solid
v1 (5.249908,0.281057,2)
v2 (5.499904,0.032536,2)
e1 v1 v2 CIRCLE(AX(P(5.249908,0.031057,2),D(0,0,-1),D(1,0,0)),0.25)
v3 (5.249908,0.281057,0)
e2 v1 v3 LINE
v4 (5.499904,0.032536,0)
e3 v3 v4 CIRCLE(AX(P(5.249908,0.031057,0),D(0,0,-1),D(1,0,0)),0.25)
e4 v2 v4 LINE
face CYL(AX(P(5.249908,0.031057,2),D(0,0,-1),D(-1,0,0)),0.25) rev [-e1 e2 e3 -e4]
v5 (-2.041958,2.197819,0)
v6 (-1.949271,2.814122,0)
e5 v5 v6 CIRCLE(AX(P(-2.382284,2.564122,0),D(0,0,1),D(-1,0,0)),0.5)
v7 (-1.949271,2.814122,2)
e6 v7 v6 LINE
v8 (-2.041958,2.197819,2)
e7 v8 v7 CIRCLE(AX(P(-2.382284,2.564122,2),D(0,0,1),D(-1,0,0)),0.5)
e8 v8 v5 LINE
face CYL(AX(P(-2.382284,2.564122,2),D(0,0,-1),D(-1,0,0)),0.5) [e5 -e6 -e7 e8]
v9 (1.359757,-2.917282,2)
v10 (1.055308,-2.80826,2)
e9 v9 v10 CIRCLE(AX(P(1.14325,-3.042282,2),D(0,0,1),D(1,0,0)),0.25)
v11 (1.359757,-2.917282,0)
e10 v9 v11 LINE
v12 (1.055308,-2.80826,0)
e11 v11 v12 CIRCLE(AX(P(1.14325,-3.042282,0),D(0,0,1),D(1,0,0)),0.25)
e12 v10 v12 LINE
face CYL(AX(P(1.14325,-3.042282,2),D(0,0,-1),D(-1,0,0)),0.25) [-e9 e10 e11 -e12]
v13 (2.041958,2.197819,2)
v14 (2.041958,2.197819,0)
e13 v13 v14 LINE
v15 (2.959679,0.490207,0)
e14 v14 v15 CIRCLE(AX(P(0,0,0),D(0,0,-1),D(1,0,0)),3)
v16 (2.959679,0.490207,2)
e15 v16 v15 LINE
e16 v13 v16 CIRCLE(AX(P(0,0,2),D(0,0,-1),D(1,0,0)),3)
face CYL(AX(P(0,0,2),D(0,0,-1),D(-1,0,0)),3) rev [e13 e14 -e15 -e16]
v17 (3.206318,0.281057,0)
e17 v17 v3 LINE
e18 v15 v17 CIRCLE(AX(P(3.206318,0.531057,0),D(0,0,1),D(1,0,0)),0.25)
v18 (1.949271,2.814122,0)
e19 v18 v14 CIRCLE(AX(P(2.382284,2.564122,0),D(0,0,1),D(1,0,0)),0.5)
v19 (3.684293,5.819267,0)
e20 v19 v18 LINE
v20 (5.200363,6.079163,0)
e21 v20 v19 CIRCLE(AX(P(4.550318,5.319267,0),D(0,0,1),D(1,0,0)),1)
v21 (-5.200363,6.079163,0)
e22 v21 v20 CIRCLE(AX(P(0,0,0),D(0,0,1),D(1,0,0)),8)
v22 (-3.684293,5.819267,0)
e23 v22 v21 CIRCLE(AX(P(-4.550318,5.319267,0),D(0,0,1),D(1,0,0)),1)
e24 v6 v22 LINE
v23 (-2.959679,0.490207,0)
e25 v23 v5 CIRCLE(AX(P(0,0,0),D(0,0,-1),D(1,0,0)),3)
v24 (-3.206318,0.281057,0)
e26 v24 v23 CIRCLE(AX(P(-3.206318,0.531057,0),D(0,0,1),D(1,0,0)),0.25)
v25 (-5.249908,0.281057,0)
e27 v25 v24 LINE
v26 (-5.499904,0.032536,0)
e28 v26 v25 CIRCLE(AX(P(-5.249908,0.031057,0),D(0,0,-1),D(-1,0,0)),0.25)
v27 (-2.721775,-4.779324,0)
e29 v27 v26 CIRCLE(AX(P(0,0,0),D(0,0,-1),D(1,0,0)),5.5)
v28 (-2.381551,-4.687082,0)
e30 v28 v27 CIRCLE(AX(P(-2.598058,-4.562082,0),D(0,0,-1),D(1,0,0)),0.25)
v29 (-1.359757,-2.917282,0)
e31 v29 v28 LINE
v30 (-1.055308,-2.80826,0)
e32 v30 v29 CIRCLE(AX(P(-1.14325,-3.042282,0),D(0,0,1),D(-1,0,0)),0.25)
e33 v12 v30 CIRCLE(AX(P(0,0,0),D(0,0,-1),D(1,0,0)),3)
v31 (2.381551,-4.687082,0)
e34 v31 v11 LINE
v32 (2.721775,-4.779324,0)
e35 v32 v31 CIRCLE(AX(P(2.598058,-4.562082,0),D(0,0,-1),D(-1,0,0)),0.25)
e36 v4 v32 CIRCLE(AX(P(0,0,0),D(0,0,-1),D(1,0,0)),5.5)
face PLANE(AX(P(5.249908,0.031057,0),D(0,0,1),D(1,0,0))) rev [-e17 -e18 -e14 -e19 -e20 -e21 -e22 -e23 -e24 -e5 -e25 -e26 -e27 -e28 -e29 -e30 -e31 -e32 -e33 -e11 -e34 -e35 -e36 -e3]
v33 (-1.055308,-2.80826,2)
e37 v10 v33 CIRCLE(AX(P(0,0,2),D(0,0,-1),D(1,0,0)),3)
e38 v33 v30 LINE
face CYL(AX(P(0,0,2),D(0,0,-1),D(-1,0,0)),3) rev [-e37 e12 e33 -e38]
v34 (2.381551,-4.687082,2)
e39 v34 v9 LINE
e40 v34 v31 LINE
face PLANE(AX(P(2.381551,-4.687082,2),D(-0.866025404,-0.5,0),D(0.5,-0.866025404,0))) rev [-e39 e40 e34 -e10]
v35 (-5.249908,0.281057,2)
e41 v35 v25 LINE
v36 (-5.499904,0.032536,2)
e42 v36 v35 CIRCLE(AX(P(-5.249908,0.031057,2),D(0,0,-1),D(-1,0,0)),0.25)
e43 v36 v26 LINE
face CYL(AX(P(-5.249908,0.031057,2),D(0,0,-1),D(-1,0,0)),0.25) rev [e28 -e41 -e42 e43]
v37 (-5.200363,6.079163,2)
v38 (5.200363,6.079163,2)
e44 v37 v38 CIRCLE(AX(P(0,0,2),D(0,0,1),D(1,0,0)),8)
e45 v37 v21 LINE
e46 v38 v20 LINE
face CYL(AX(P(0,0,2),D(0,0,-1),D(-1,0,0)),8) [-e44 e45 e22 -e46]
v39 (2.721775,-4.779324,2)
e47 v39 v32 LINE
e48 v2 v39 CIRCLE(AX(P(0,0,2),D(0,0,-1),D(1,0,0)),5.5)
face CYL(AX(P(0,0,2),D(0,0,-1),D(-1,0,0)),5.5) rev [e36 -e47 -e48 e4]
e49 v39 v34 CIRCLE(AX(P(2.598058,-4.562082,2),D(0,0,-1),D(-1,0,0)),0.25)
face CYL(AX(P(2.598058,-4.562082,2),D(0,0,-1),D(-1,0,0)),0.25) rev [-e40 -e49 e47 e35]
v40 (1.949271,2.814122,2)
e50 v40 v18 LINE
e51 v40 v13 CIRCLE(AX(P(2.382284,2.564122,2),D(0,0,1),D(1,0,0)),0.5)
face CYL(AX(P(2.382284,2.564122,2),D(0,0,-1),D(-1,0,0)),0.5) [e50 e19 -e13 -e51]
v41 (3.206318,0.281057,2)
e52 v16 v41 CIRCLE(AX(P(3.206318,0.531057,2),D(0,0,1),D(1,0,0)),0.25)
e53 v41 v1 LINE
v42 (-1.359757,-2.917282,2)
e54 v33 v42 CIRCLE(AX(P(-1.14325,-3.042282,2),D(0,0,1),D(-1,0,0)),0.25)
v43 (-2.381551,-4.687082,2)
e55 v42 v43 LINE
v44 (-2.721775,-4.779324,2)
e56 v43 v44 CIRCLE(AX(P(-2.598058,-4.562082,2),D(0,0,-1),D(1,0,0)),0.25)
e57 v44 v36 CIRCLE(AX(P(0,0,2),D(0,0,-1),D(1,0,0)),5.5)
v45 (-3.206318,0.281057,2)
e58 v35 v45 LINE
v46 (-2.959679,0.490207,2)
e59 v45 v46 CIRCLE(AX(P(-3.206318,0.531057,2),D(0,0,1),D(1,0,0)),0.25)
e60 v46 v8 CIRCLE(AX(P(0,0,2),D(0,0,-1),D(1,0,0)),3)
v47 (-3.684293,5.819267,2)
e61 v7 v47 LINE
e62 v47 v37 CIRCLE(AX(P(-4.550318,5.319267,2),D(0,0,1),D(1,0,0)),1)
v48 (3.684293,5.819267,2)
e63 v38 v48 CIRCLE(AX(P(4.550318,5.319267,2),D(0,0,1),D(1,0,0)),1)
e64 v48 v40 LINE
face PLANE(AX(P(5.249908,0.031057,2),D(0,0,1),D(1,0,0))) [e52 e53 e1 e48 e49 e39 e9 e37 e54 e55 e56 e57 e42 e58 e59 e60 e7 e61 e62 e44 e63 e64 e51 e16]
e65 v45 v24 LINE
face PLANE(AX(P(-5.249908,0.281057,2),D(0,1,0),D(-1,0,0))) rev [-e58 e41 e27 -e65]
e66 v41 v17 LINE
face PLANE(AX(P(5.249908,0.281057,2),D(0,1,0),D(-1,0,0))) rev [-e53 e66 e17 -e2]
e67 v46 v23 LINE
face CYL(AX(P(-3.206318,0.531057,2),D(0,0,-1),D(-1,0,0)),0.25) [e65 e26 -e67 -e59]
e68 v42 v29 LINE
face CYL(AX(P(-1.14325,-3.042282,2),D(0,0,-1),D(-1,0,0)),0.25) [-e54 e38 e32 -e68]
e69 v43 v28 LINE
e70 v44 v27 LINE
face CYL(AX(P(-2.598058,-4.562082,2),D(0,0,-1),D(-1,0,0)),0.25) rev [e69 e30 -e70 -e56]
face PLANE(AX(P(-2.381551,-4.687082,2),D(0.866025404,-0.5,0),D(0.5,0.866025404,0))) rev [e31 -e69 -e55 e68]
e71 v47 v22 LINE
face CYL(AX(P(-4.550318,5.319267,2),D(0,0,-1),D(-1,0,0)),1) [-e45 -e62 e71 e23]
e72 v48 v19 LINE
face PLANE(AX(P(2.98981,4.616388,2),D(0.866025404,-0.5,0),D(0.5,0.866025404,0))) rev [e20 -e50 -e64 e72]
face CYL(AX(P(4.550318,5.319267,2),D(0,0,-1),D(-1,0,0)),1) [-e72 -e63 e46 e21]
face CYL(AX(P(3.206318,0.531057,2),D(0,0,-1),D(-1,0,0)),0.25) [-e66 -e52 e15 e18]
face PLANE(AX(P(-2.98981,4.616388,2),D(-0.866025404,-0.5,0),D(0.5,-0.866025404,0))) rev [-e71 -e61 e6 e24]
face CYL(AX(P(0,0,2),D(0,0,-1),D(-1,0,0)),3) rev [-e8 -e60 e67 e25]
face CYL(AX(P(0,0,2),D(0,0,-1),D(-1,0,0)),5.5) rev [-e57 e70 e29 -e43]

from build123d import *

# Parameters (mm, degrees)
BOSS_EXTRUDE1_DEPTH = 2


with BuildPart() as part:
    # Sketch2 → Boss-Extrude1 (new body)
    with BuildSketch(Plane.XY):
        with BuildLine():
            Line((2.381551342, -4.687082444), (1.359756513, -2.917281885))
            ThreePointArc((1.359756513, -2.917281885), (1.227533074, -2.806917507), (1.055307842, -2.808260202))
            ThreePointArc((1.055307842, -2.808260202), (0, -3), (-1.055307842, -2.808260202))
            ThreePointArc((-1.055307842, -2.808260202), (-1.227533074, -2.806917507), (-1.359756513, -2.917281885))
            Line((-1.359756513, -2.917281885), (-2.381551342, -4.687082444))
            ThreePointArc((-2.381551342, -4.687082444), (-2.532638949, -4.803371457), (-2.721774726, -4.779324465))
            ThreePointArc((-2.721774726, -4.779324465), (-4.763139721, -2.75), (-5.499903763, 0.032536177))
            ThreePointArc((-5.499903763, 0.032536177), (-5.426161181, 0.20835606), (-5.249908137, 0.28105726))
            Line((-5.249908137, 0.28105726), (-3.206318479, 0.28105726))
            ThreePointArc((-3.206318479, 0.28105726), (-3.044628404, 0.340383927), (-2.959678596, 0.490206701))
            ThreePointArc((-2.959678596, 0.490206701), (-2.64255111, 1.420184366), (-2.041957666, 2.197819122))
            ThreePointArc((-2.041957666, 2.197819122), (-1.88784416, 2.489763038), (-1.949271241, 2.814122309))
            Line((-1.949271241, 2.814122309), (-2.98980978, 4.616387925))
            Line((-2.98980978, 4.616387925), (-3.684292593, 5.819267442))
            ThreePointArc((-3.684292593, 5.819267442), (-4.381355766, 6.304889969), (-5.200363425, 6.079162791))
            ThreePointArc((-5.200363425, 6.079162791), (0, -8), (5.200363425, 6.079162791))
            ThreePointArc((5.200363425, 6.079162791), (4.381355766, 6.304889969), (3.684292593, 5.819267442))
            Line((3.684292593, 5.819267442), (2.98980978, 4.616387925))
            Line((2.98980978, 4.616387925), (1.949271241, 2.814122309))
            ThreePointArc((1.949271241, 2.814122309), (1.88784416, 2.489763038), (2.041957666, 2.197819122))
            ThreePointArc((2.041957666, 2.197819122), (2.64255111, 1.420184366), (2.959678596, 0.490206701))
            ThreePointArc((2.959678596, 0.490206701), (3.044628404, 0.340383927), (3.206318479, 0.28105726))
            Line((3.206318479, 0.28105726), (5.249908137, 0.28105726))
            ThreePointArc((5.249908137, 0.28105726), (5.426161181, 0.20835606), (5.499903763, 0.032536177))
            ThreePointArc((5.499903763, 0.032536177), (4.763139721, -2.75), (2.721774726, -4.779324465))
            ThreePointArc((2.721774726, -4.779324465), (2.532638949, -4.803371457), (2.381551342, -4.687082444))
        make_face()
    extrude(amount=BOSS_EXTRUDE1_DEPTH)


solid = part.part
